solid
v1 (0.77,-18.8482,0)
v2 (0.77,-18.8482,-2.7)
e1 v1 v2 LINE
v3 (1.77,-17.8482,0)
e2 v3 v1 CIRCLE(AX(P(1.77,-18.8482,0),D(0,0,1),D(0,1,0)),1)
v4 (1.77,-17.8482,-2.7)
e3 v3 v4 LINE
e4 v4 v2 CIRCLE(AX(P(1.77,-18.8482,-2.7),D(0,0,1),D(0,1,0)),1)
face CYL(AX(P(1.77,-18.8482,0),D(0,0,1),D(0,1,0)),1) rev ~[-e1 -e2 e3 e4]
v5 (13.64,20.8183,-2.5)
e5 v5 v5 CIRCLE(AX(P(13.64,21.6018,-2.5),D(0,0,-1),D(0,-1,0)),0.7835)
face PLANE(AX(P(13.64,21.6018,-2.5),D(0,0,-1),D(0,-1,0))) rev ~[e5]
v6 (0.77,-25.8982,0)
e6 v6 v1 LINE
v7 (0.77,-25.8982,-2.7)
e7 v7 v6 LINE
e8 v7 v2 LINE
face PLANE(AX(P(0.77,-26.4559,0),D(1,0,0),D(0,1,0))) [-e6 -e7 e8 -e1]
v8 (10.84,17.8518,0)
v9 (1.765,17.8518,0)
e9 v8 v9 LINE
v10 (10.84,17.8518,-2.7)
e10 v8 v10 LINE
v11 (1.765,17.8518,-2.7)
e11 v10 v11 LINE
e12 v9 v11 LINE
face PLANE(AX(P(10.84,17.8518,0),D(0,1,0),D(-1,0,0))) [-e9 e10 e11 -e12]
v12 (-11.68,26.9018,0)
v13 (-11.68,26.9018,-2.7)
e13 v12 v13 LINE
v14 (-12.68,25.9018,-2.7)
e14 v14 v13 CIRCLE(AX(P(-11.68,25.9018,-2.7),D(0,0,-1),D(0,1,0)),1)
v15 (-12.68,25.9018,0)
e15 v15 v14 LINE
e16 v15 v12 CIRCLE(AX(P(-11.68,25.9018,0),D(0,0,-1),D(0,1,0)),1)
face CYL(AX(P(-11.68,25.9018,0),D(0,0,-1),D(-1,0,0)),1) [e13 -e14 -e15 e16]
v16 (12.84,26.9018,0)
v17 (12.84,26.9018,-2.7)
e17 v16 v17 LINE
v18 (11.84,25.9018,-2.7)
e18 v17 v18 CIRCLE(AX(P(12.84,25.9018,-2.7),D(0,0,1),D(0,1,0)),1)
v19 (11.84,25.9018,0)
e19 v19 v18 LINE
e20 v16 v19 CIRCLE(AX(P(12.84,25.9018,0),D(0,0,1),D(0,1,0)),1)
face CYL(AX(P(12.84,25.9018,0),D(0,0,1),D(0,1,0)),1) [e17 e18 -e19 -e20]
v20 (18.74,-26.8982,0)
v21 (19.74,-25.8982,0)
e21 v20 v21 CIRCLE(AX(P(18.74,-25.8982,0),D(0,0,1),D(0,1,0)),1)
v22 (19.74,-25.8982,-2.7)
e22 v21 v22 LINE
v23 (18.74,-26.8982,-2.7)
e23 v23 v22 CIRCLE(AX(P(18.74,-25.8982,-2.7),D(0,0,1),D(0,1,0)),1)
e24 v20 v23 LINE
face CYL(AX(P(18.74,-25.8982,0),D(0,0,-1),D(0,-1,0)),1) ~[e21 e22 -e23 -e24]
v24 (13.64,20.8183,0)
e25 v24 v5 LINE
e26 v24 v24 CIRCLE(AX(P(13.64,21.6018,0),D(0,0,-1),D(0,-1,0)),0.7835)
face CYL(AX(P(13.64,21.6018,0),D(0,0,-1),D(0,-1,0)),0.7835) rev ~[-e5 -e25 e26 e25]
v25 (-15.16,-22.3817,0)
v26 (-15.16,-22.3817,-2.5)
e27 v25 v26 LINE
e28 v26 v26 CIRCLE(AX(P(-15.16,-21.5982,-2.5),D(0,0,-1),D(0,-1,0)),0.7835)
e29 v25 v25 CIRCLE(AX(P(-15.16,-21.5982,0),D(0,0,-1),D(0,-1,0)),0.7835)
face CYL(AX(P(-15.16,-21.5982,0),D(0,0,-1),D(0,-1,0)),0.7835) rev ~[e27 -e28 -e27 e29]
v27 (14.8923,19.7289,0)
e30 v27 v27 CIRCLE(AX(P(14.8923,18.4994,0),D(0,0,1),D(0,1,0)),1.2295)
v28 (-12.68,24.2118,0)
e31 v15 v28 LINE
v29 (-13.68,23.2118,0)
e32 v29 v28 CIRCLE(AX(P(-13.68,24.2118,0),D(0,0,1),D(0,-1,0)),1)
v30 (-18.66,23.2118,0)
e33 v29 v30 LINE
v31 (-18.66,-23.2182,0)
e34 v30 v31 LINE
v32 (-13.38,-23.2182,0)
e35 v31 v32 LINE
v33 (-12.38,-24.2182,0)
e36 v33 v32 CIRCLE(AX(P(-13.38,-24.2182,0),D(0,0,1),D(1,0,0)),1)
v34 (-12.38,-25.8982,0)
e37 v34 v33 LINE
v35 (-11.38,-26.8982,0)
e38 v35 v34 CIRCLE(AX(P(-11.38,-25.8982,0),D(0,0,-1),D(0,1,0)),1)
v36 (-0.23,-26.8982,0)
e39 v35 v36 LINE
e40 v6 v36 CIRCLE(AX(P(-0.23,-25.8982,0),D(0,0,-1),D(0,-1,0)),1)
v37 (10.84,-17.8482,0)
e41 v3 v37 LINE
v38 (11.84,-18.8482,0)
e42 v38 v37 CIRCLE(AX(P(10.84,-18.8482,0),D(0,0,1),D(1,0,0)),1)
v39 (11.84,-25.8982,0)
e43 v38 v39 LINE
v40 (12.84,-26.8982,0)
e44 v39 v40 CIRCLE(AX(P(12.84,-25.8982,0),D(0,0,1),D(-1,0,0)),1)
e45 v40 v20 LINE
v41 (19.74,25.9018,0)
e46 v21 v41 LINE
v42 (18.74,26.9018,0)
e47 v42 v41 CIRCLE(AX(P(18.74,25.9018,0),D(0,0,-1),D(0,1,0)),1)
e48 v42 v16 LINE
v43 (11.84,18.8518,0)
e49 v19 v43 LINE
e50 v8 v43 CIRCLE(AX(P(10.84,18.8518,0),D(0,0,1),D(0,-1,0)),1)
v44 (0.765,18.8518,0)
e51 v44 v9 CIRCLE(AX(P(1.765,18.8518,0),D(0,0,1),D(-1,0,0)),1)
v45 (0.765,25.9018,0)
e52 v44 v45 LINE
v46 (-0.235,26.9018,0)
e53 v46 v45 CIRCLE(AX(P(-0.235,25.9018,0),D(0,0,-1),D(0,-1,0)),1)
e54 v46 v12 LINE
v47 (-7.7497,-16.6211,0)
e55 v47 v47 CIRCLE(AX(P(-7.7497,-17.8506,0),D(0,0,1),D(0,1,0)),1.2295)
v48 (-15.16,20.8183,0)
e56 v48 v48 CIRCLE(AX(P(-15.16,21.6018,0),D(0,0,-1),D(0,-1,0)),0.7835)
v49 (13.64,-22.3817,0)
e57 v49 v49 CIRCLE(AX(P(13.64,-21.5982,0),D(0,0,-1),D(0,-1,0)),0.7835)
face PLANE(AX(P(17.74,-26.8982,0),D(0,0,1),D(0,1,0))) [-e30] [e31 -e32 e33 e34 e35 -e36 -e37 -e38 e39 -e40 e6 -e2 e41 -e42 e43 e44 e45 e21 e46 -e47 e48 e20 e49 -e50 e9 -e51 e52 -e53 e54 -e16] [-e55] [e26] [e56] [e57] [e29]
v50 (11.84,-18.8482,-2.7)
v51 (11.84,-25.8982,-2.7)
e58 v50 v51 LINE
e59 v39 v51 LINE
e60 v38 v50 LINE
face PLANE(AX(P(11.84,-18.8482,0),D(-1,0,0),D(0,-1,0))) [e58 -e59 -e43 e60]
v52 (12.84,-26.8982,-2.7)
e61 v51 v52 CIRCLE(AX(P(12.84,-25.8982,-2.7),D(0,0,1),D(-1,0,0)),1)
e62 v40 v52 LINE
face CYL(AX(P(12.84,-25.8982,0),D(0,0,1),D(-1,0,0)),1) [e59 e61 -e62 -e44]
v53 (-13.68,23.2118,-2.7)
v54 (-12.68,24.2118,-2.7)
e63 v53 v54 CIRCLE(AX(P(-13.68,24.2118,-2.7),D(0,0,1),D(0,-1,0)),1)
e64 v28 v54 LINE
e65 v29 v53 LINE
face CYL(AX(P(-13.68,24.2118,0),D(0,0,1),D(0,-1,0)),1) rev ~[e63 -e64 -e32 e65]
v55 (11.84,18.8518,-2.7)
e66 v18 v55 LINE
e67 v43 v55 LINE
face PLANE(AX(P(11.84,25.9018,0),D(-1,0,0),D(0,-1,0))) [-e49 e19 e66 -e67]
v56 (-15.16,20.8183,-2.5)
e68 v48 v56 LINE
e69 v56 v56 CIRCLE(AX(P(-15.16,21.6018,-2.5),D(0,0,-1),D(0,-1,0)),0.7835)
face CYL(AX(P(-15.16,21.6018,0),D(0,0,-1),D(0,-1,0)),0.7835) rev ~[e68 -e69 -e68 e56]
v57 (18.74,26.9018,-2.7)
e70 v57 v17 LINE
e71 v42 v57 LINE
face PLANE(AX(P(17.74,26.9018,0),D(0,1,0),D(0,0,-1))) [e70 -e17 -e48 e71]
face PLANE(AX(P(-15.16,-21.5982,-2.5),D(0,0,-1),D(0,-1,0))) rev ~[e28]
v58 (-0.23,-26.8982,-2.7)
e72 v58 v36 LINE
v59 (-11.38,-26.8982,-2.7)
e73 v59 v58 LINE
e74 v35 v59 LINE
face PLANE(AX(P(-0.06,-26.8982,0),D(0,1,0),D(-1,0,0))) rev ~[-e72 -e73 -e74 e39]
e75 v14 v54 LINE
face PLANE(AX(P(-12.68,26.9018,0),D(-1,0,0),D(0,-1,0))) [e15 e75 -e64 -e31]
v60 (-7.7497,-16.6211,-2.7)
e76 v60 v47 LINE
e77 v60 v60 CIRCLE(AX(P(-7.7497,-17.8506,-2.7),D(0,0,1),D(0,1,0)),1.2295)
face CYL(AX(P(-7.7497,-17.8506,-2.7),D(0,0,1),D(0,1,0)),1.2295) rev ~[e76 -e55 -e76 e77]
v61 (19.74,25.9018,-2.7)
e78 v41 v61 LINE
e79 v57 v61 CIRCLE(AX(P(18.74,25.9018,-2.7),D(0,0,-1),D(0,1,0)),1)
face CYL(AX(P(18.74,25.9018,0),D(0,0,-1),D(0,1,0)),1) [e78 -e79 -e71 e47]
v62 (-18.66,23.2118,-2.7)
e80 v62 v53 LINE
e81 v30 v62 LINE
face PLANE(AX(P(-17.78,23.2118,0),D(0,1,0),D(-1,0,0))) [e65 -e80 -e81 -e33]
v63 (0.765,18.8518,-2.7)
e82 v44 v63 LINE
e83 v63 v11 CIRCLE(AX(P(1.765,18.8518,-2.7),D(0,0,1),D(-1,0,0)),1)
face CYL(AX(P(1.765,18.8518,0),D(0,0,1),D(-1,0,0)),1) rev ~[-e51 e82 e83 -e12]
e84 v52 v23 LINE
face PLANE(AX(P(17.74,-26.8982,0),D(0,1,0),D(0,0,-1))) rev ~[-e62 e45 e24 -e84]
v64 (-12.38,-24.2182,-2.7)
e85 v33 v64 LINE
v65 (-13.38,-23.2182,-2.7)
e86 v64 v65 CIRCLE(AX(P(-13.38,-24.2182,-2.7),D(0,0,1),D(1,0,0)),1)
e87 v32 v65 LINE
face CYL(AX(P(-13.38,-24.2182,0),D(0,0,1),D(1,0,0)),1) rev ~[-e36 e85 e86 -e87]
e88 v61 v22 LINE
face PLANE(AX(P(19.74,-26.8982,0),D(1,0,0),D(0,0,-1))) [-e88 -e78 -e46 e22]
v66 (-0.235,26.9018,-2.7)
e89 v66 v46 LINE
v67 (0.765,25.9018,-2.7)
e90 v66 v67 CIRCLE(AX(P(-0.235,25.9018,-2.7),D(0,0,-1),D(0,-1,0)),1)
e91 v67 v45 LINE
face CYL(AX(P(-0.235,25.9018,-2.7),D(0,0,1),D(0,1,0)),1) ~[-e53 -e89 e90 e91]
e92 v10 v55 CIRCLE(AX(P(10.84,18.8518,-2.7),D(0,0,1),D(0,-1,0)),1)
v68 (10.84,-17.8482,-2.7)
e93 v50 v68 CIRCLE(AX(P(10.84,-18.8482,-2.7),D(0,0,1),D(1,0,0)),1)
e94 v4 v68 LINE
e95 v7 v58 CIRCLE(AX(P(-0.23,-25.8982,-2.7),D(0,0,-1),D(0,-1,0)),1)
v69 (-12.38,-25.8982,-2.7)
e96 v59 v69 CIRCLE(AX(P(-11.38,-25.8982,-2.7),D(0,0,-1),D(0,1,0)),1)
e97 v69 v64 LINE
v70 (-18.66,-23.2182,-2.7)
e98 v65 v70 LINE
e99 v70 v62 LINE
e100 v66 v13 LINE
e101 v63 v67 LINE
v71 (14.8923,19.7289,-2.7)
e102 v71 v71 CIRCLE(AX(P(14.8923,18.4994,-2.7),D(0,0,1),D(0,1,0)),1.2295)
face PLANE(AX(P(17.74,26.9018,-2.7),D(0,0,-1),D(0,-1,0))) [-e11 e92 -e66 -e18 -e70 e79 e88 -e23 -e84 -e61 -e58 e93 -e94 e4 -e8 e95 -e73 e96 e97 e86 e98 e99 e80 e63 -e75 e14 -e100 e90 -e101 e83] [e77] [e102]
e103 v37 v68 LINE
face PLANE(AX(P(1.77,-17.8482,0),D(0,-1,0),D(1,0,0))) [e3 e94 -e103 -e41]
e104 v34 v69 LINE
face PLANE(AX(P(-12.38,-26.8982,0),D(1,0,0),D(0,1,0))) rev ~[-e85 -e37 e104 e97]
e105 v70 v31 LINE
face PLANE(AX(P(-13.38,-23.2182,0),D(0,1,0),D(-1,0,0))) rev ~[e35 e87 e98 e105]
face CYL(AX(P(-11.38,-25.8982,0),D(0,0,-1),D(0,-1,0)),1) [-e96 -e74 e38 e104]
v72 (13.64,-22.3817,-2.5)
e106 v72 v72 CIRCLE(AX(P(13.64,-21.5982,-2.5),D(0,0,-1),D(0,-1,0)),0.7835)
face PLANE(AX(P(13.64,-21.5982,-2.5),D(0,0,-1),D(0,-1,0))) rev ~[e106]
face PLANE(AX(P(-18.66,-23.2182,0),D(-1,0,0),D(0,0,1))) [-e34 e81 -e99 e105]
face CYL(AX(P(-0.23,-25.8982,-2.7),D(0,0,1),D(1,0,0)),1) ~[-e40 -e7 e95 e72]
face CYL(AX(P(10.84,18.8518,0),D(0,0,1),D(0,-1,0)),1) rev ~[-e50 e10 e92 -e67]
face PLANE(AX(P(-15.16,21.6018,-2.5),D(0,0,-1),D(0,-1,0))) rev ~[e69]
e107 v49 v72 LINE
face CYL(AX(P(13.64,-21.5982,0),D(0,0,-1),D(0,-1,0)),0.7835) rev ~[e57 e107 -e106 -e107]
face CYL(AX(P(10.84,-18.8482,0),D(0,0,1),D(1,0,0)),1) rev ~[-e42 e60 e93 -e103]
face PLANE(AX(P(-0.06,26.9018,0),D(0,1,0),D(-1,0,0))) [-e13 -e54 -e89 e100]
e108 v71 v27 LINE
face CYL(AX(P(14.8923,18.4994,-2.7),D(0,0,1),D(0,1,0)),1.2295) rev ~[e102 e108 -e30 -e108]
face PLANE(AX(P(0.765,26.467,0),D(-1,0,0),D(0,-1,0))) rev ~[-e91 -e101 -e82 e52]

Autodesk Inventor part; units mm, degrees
ref_plane "YZ Plane" through (0, 0, 0) normal (1, 0, 0) x (0, 1, 0)
ref_plane "XZ Plane" through (0, 0, 0) normal (0, 1, 0) x (-1, 0, 0)
ref_plane "XY Plane" through (0, 0, 0) normal (0, 0, 1) x (1, 0, 0)
sketch "Sketch1" plane through (0, 0, 0) normal (0, 0, 1) x (1, 0, 0)
  line L0 (10.66, -31.5) -> (10.66, -19.9) construction
  line L1 (10.66, -31.5) -> (20, -31.5) construction
  line L2 (20, -31.5) -> (20, 31.5) construction
  line L3 (10.66, 31.5) -> (20, 31.5) construction
  line L4 (10.66, 19.9) -> (10.66, 31.5) construction
  arc A0 (9.66, 18.9) -> (10.66, 19.9) centre (9.66, 19.9) ccw construction
  line L5 (2.06, 18.9) -> (9.66, 18.9) construction
  arc A1 (1.06, 19.9) -> (2.06, 18.9) centre (2.06, 19.9) ccw construction
  line L6 (1.06, 31.5) -> (1.06, 19.9) construction
  line L7 (-20, 31.5) -> (1.06, 31.5) construction
  line L8 (-20, 31.5) -> (-20, -31.5) construction
  line L9 (-20, -31.5) -> (1.06, -31.5) construction
  line L10 (1.06, -19.9) -> (1.06, -31.5) construction
  arc A2 (2.06, -18.9) -> (1.06, -19.9) centre (2.06, -19.9) ccw construction
  line L11 (9.66, -18.9) -> (2.06, -18.9) construction
  arc A3 (10.66, -19.9) -> (9.66, -18.9) centre (9.66, -19.9) ccw construction
  line L12 (17.245, 17.9) -> (-18.765, 17.9) construction
  line L13 (17.245, -17.9) -> (17.245, 17.9) construction
  line L14 (-18.765, -17.9) -> (17.245, -17.9) construction
  line L15 (-18.765, 17.9) -> (-18.765, -17.9) construction
  circle A4 centre (0.9382, -13.2582) radius 1 construction
  circle A5 centre (-15.16, -21.5982) radius 1 construction
  circle A6 centre (-15.16, 21.6018) radius 1 construction
  circle A7 centre (13.64, 21.6018) radius 1 construction
  line L16 (10.84, 17.8518) -> (1.765, 17.8518)
  arc A8 (0.765, 18.8518) -> (1.765, 17.8518) centre (1.765, 18.8518) ccw
  line L17 (0.765, 26.467) -> (0.765, 18.8518)
  arc A9 (0.765, 26.467) -> (-0.06, 26.9018) centre (-0.06, 25.9018) ccw
  line L18 (-0.06, 26.9018) -> (-12.68, 26.9018)
  line L19 (-12.68, 26.9018) -> (-12.68, 24.2118)
  arc A10 (-13.68, 23.2118) -> (-12.68, 24.2118) centre (-13.68, 24.2118) ccw
  line L20 (-17.78, 23.2118) -> (-13.68, 23.2118)
  arc A11 (-18.78, 24.2118) -> (-17.78, 23.2118) centre (-17.78, 24.2118) ccw
  line L21 (-18.78, 26.9018) -> (-18.78, 24.2118)
  line L22 (-18.78, 26.9018) -> (-20.66, 26.9018)
  line L23 (-20.66, 26.9018) -> (-20.66, -26.8982)
  line L24 (-18.55, -26.8982) -> (-20.66, -26.8982)
  line L25 (-18.55, -26.8982) -> (-18.55, -24.2182)
  arc A12 (-17.55, -23.2182) -> (-18.55, -24.2182) centre (-17.55, -24.2182) ccw
  line L26 (-13.38, -23.2182) -> (-17.55, -23.2182)
  arc A13 (-12.38, -24.2182) -> (-13.38, -23.2182) centre (-13.38, -24.2182) ccw
  line L27 (-12.38, -26.8982) -> (-12.38, -24.2182)
  line L28 (-0.06, -26.8982) -> (-12.38, -26.8982)
  arc A14 (-0.06, -26.8982) -> (0.77, -26.4559) centre (-0.06, -25.8982) ccw
  line L29 (0.77, -26.4559) -> (0.77, -18.8482)
  arc A15 (1.77, -17.8482) -> (0.77, -18.8482) centre (1.77, -18.8482) ccw
  line L30 (1.77, -17.8482) -> (10.84, -17.8482)
  arc A16 (11.84, -18.8482) -> (10.84, -17.8482) centre (10.84, -18.8482) ccw
  line L31 (11.84, -18.8482) -> (11.84, -25.8982)
  arc A17 (11.84, -25.8982) -> (12.84, -26.8982) centre (12.84, -25.8982) ccw
  line L32 (17.74, -26.8982) -> (12.84, -26.8982)
  line L33 (17.74, -26.8982) -> (17.74, 26.9018)
  line L34 (17.74, 26.9018) -> (12.84, 26.9018)
  arc A18 (12.84, 26.9018) -> (11.84, 25.9018) centre (12.84, 25.9018) ccw
  line L35 (11.84, 25.9018) -> (11.84, 18.8518)
  arc A19 (10.84, 17.8518) -> (11.84, 18.8518) centre (10.84, 18.8518) ccw
  circle A20 centre (-15.16, 21.6018) radius 1
  circle A21 centre (-15.16, -21.5982) radius 1
  circle A22 centre (13.64, -21.5982) radius 1
  circle A23 centre (13.64, 21.6018) radius 1
  line L36 (-20.66, 0.0018) -> (17.74, 0.0018) construction
  line L37 (-1.46, 0.0018) -> (-1.46, -26.8982) construction
  line L38 (-20, 0) -> (20, 0) construction
  point P0 (-20.66, -26.8983)
  point P1 (17.64, 32.8018)
  dimension "d2" = 40
  dimension "d3" = 63
extrude "Extrusion1" add sketch "Sketch1" against normal blind 2.7 contours A19 L35 A18 L34 L33 L32 A17 L31 A16 L30 A15 L29 A14 L28 L27 A13 L26 A12 L25 L24 L23 L22 L21 A11 L20 A10 L19 L18 A9 L17 A8 L16 | A20 | A21 | A22 | A23
hole "Hole1" at (-15.16, -21.5982, 0) at (-15.16, 21.6018, 0) at (13.64, 21.6018, 0) at (13.64, -21.5982, 0) at (13.64, 21.6018, 0) at (-15.16, 21.6018, 0) at (-15.16, -21.5982, 0) direction (0, 0, -1) diameter 1.567 depth 2.5 thread size "M2x0.4" class "6H" standard "ISO Metric profile"
sketch "Sketch2" plane through (0, 0, -2.7) normal (0, 0, -1) x (-1, 0, 0)
  circle A0 centre (-14.8923, 18.4994) radius 1.6002 projected
  circle A1 centre (7.7497, -17.8506) radius 1.6002 projected
  line L0 (-14.8923, 18.4994) -> (7.7497, 18.4994)
  line L1 (7.7497, 18.4994) -> (7.7497, -17.8506)
  line L2 (7.7497, -17.8506) -> (-14.8923, -17.8506)
  line L3 (-14.8923, -17.8506) -> (-14.8923, 18.4994)
hole "Hole2" at (-7.7497, -17.8506, -2.7) at (14.8923, 18.4994, -2.7) direction (0, 0, 1) diameter 2.459 end through all thread size "M3x0.5" class "6H" standard "ISO Metric profile"
sketch "Sketch4" plane through (0, 0, 0) normal (0, 0, 1) x (1, 0, 0)
  line L0 (-20.66, 26.9018) -> (-18.78, 26.9018) projected
  line L1 (-17.78, 23.2118) -> (-20.66, 23.2118)
  line L2 (-20.66, 23.2118) -> (-20.66, 26.9018)
  line L3 (-20.66, 26.9018) -> (-17.78, 26.9018)
  line L4 (-17.78, 26.9018) -> (-17.78, 23.2118)
  line L5 (-18.55, -26.8982) -> (-20.66, -26.8982) projected
  line L6 (-17.55, -23.2182) -> (-20.66, -23.2182)
  line L7 (-20.66, -23.2182) -> (-20.66, -26.8982)
  line L8 (-20.66, -26.8982) -> (-17.55, -26.8982)
  line L9 (-17.55, -26.8982) -> (-17.55, -23.2182)
  point P0 (0, 0)
extrude "Extrusion4" cut sketch "Sketch4" against normal blind 10
sketch "Sketch5" plane through (-20.66, -23.2182, 0) normal (-1, 0, 0) x (0, 0, 1)
  line L0 (0, 46.43) -> (-2.7, 46.43) projected
  line L1 (-2.7, 0) -> (-2.7, 46.43) projected
  line L2 (-2.7, 0) -> (0, 0) projected
  line L3 (0, 46.43) -> (0, 0) projected
  point P0 (0, 23.2182)
extrude "Extrusion5" cut sketch "Sketch5" against normal blind 2
sketch "Sketch6" plane through (17.74, -26.8982, 0) normal (1, 0, 0) x (0, 0, -1)
  line L0 (0, 0) -> (0, 53.8) projected
  line L1 (0, 0) -> (2.7, 0) projected
  line L2 (2.7, 53.8) -> (2.7, 0) projected
  line L3 (0, 53.8) -> (2.7, 53.8) projected
  point P0 (0, 26.8982)
extrude "Extrusion6" add sketch "Sketch6" along normal blind 2
sketch "Sketch7" plane through (0, 0, -2.7) normal (0, 0, -1) x (-1, 0, 0)
  arc A0 (-0.77, -26.4559) -> (0.06, -26.8982) centre (0.06, -25.8982) ccw projected
  line L0 (-0.77, -26.4559) -> (0.06, -26.4559)
  line L1 (0.06, -26.4559) -> (0.06, -26.8982)
  line L2 (0.06, -26.8982) -> (-0.77, -26.8982)
  line L3 (-0.77, -26.8982) -> (-0.77, -26.4559)
  arc A1 (0.06, 26.9018) -> (-0.765, 26.467) centre (0.06, 25.9018) ccw projected
  line L4 (0.06, 26.9018) -> (-0.765, 26.9018)
  line L5 (-0.765, 26.9018) -> (-0.765, 26.467)
  line L6 (-0.765, 26.467) -> (0.06, 26.467)
  line L7 (0.06, 26.467) -> (0.06, 26.9018)
  point P0 (0, 0)
extrude "Extrusion7" add sketch "Sketch7" against normal up to surface (2.7 mm away)
fillet "Fillet3" radius 1 6 edges at (-12.38, -26.8982, -1.35) (19.74, -26.8982, -1.35) (19.74, 26.9018, -1.35) (-12.68, 26.9018, -1.35) (0.765, 26.9018, -1.35) (0.77, -26.8982, -1.35)
properties part number "3d_LM - chapa" material "Aluminium 6061-T6"
